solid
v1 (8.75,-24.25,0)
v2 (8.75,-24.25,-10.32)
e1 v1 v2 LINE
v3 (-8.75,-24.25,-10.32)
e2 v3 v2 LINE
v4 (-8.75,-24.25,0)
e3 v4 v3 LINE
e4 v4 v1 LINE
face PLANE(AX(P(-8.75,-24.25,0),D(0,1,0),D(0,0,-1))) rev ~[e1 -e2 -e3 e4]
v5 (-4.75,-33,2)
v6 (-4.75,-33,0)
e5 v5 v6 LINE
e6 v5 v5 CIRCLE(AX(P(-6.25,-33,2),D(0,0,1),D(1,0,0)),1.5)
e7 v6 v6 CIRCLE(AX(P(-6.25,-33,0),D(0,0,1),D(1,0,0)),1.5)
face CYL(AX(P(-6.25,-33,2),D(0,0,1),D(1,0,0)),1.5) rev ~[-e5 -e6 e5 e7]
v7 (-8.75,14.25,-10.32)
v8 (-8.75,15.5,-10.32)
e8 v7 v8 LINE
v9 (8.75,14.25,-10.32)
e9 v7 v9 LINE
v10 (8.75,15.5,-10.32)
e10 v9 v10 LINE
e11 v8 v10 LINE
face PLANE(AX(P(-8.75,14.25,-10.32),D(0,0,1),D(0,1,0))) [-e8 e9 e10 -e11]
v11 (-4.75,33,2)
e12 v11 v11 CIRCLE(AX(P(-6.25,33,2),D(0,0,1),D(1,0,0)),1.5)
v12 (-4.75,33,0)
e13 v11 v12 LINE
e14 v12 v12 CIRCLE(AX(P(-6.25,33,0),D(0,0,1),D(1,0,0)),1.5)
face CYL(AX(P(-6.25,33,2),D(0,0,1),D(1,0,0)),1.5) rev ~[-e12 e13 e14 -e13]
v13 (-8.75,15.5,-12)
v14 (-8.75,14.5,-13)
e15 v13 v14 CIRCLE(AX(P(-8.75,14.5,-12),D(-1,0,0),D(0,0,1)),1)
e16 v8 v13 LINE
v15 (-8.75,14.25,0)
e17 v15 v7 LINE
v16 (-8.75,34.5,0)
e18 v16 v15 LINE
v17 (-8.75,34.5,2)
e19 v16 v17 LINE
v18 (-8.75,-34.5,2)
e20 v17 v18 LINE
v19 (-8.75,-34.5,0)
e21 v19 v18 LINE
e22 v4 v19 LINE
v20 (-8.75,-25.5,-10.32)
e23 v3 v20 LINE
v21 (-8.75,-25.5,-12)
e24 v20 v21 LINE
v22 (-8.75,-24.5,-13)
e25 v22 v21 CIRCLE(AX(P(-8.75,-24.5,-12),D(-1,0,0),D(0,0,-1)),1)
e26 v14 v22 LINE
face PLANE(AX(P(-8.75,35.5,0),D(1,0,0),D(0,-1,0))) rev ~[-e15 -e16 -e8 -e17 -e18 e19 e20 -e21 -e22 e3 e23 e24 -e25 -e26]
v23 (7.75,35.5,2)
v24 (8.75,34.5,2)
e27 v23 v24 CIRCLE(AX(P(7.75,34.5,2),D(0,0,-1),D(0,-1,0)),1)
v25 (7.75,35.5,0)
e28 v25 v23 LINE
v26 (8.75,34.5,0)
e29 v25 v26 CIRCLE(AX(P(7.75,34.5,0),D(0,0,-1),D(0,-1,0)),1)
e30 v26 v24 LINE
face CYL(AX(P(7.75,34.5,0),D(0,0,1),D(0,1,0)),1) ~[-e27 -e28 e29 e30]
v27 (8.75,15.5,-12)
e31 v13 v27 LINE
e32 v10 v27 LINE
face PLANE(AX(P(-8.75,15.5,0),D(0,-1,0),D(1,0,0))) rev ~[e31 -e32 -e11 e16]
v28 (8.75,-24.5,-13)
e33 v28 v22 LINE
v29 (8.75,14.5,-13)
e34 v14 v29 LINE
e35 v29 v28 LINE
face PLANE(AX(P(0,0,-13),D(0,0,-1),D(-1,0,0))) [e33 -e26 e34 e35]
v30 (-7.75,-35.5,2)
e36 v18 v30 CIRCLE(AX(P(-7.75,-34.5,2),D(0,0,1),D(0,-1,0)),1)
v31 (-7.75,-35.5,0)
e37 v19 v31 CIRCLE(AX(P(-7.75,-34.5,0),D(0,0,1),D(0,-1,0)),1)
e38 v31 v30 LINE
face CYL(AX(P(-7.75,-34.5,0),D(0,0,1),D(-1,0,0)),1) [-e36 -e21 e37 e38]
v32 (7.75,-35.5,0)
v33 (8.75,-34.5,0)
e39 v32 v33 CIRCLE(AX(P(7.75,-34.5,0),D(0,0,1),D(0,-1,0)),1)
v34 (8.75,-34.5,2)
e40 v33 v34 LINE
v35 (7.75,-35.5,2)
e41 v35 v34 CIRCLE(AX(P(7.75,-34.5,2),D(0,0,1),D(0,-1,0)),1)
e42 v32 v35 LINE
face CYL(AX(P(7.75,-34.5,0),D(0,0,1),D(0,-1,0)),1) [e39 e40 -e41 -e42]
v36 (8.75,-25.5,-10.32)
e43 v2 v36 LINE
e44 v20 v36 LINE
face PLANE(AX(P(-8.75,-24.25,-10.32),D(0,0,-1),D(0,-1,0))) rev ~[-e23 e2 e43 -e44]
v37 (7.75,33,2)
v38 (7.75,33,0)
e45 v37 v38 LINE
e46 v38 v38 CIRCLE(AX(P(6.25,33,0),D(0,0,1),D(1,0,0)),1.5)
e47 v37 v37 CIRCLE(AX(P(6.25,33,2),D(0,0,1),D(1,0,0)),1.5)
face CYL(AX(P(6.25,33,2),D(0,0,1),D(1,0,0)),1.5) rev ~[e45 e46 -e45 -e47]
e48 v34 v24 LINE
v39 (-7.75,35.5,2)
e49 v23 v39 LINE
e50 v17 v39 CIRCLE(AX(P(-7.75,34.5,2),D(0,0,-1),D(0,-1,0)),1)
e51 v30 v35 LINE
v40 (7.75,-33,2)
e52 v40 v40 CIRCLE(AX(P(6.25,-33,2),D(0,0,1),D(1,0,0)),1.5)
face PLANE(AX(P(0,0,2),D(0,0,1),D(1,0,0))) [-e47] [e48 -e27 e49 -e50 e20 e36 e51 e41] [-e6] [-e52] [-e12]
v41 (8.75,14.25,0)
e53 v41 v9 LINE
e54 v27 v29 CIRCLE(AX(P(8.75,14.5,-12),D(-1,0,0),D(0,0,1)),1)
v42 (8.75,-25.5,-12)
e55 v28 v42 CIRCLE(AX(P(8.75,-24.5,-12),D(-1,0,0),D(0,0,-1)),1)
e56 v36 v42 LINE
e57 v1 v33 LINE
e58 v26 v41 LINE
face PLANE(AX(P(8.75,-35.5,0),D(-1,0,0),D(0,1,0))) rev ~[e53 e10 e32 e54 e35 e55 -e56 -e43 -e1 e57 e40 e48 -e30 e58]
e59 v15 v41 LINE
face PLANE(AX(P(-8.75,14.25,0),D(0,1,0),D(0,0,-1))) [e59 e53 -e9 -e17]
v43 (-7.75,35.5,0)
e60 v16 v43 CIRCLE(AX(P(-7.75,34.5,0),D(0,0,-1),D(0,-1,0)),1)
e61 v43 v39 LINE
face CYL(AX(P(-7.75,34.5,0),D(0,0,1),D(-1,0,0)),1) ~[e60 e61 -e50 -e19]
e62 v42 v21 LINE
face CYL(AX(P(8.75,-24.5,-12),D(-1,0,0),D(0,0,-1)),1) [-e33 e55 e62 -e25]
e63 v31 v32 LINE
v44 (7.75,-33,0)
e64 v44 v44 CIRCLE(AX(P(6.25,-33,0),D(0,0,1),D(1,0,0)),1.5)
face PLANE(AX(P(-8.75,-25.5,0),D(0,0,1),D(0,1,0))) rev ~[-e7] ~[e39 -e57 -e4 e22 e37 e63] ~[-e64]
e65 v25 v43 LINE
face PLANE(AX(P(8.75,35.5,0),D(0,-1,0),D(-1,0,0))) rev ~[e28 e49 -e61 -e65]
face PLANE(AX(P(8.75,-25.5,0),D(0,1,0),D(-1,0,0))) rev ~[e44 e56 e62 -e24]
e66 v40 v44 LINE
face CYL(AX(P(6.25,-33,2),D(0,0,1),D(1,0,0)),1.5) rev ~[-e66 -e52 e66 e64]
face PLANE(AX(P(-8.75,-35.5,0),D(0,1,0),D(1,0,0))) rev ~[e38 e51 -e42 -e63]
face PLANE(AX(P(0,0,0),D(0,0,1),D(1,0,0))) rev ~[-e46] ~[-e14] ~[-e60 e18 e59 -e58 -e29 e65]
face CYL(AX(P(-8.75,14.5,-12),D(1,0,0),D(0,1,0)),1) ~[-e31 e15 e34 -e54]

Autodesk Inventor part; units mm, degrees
ref_plane "YZ Plane" through (0, 0, 0) normal (1, 0, 0) x (0, 1, 0)
ref_plane "XZ Plane" through (0, 0, 0) normal (0, 1, 0) x (-1, 0, 0)
ref_plane "XY Plane" through (0, 0, 0) normal (0, 0, 1) x (1, 0, 0)
sketch "Skizze1" plane through (0, 0, 0) normal (0, 0, 1) x (1, 0, 0)
  line L0 (-8.75, -35.5) -> (8.75, -35.5)
  line L1 (8.75, -35.5) -> (8.75, 35.5)
  line L2 (8.75, 35.5) -> (-8.75, 35.5)
  line L3 (-8.75, 35.5) -> (-8.75, -35.5)
  line L4 (-8.75, -35.5) -> (8.75, 35.5) construction
  line L5 (8.75, -35.5) -> (-8.75, 35.5) construction
  point P0 (0, 0)
  dimension "d0" = 17.5
  dimension "d1" = 71
extrude "Extrusion1" add sketch "Skizze1" along normal blind 2
sketch "Skizze2" plane through (0, 0, 2) normal (0, 0, 1) x (1, 0, 0)
  circle A0 centre (-6.25, 33) radius 1.5
  line L0 (8.75, 35.5) -> (-8.75, 35.5) projected
  line L1 (0, 35.5) -> (0, 32.4568) construction
  circle A1 centre (6.25, 33) radius 1.5
  line L2 (-3.3034, 0) -> (2.2681, 0) construction
  circle A2 centre (-6.25, -33) radius 1.5
  circle A3 centre (6.25, -33) radius 1.5
  line L3 (-8.75, 35.5) -> (-8.75, -35.5) construction
  point P0 (0, 0)
  dimension "d4" = 3
  dimension "d5" = 2.5
  dimension "d6" = 2.5
extrude "Extrusion2" cut sketch "Skizze2" against normal blind 2
sketch "Skizze3" plane through (0, 0, 0) normal (0, 0, -1) x (-1, 0, 0)
  line L0 (8.75, 35.5) -> (8.75, -35.5) projected
  line L1 (-8.75, -25.5) -> (8.75, -25.5)
  line L2 (8.75, -25.5) -> (8.75, 15.5)
  line L3 (8.75, 15.5) -> (-8.75, 15.5)
  line L4 (-8.75, 15.5) -> (-8.75, -25.5)
  line L5 (-8.75, -25.5) -> (8.75, 15.5) construction
  line L6 (8.75, -25.5) -> (-8.75, 15.5) construction
  line L7 (8.75, -35.5) -> (-8.75, -35.5) projected
  line L8 (-8.75, -35.5) -> (-8.75, 35.5) projected
  point P0 (0, -5)
  point P1 (8.75, -25.5)
  dimension "d9" = 41
  dimension "d17" = 10
extrude "Extrusion3" add sketch "Skizze3" along normal blind 13 contours L0 L1 L4 L3
sketch "Skizze4" plane through (-8.75, -35.5, 2) normal (-1, 0, 0) x (0, 0, 1)
  line L0 (-2, 10) -> (-15, 10) projected
  line L1 (-12.32, 10) -> (-2, 10)
  line L2 (-2, 10) -> (-2, 11.25)
  line L3 (-2, 11.25) -> (-12.32, 11.25)
  line L4 (-12.32, 11.25) -> (-12.32, 10)
  line L5 (-15, 10) -> (-15, 51) projected
  line L6 (-4.404, 30.5) -> (2.981, 30.5) construction
  line L7 (-2, 51) -> (-15, 51)
  line L8 (-2, 51) -> (-2, 49.75)
  line L9 (-2, 49.75) -> (-12.32, 49.75)
  line L10 (-12.32, 49.75) -> (-12.32, 51)
  line L11 (-2, 10) -> (-12.32, 10)
  point P0 (-2, 35.5)
  point P1 (-12.32, 10.625)
  dimension "d12" = 2.68
  dimension "d13" = 1.25
extrude "Extrusion4" cut sketch "Skizze4" against normal blind 17.5
fillet "Rundung1" radius 1 6 edges at (-8.75, -35.5, 1) (8.75, -35.5, 1) (8.75, 35.5, 1) (-8.75, 35.5, 1) (0, 15.5, -13) (0, -25.5, -13)
properties part number "Relais_Platte_3D-Druck"
